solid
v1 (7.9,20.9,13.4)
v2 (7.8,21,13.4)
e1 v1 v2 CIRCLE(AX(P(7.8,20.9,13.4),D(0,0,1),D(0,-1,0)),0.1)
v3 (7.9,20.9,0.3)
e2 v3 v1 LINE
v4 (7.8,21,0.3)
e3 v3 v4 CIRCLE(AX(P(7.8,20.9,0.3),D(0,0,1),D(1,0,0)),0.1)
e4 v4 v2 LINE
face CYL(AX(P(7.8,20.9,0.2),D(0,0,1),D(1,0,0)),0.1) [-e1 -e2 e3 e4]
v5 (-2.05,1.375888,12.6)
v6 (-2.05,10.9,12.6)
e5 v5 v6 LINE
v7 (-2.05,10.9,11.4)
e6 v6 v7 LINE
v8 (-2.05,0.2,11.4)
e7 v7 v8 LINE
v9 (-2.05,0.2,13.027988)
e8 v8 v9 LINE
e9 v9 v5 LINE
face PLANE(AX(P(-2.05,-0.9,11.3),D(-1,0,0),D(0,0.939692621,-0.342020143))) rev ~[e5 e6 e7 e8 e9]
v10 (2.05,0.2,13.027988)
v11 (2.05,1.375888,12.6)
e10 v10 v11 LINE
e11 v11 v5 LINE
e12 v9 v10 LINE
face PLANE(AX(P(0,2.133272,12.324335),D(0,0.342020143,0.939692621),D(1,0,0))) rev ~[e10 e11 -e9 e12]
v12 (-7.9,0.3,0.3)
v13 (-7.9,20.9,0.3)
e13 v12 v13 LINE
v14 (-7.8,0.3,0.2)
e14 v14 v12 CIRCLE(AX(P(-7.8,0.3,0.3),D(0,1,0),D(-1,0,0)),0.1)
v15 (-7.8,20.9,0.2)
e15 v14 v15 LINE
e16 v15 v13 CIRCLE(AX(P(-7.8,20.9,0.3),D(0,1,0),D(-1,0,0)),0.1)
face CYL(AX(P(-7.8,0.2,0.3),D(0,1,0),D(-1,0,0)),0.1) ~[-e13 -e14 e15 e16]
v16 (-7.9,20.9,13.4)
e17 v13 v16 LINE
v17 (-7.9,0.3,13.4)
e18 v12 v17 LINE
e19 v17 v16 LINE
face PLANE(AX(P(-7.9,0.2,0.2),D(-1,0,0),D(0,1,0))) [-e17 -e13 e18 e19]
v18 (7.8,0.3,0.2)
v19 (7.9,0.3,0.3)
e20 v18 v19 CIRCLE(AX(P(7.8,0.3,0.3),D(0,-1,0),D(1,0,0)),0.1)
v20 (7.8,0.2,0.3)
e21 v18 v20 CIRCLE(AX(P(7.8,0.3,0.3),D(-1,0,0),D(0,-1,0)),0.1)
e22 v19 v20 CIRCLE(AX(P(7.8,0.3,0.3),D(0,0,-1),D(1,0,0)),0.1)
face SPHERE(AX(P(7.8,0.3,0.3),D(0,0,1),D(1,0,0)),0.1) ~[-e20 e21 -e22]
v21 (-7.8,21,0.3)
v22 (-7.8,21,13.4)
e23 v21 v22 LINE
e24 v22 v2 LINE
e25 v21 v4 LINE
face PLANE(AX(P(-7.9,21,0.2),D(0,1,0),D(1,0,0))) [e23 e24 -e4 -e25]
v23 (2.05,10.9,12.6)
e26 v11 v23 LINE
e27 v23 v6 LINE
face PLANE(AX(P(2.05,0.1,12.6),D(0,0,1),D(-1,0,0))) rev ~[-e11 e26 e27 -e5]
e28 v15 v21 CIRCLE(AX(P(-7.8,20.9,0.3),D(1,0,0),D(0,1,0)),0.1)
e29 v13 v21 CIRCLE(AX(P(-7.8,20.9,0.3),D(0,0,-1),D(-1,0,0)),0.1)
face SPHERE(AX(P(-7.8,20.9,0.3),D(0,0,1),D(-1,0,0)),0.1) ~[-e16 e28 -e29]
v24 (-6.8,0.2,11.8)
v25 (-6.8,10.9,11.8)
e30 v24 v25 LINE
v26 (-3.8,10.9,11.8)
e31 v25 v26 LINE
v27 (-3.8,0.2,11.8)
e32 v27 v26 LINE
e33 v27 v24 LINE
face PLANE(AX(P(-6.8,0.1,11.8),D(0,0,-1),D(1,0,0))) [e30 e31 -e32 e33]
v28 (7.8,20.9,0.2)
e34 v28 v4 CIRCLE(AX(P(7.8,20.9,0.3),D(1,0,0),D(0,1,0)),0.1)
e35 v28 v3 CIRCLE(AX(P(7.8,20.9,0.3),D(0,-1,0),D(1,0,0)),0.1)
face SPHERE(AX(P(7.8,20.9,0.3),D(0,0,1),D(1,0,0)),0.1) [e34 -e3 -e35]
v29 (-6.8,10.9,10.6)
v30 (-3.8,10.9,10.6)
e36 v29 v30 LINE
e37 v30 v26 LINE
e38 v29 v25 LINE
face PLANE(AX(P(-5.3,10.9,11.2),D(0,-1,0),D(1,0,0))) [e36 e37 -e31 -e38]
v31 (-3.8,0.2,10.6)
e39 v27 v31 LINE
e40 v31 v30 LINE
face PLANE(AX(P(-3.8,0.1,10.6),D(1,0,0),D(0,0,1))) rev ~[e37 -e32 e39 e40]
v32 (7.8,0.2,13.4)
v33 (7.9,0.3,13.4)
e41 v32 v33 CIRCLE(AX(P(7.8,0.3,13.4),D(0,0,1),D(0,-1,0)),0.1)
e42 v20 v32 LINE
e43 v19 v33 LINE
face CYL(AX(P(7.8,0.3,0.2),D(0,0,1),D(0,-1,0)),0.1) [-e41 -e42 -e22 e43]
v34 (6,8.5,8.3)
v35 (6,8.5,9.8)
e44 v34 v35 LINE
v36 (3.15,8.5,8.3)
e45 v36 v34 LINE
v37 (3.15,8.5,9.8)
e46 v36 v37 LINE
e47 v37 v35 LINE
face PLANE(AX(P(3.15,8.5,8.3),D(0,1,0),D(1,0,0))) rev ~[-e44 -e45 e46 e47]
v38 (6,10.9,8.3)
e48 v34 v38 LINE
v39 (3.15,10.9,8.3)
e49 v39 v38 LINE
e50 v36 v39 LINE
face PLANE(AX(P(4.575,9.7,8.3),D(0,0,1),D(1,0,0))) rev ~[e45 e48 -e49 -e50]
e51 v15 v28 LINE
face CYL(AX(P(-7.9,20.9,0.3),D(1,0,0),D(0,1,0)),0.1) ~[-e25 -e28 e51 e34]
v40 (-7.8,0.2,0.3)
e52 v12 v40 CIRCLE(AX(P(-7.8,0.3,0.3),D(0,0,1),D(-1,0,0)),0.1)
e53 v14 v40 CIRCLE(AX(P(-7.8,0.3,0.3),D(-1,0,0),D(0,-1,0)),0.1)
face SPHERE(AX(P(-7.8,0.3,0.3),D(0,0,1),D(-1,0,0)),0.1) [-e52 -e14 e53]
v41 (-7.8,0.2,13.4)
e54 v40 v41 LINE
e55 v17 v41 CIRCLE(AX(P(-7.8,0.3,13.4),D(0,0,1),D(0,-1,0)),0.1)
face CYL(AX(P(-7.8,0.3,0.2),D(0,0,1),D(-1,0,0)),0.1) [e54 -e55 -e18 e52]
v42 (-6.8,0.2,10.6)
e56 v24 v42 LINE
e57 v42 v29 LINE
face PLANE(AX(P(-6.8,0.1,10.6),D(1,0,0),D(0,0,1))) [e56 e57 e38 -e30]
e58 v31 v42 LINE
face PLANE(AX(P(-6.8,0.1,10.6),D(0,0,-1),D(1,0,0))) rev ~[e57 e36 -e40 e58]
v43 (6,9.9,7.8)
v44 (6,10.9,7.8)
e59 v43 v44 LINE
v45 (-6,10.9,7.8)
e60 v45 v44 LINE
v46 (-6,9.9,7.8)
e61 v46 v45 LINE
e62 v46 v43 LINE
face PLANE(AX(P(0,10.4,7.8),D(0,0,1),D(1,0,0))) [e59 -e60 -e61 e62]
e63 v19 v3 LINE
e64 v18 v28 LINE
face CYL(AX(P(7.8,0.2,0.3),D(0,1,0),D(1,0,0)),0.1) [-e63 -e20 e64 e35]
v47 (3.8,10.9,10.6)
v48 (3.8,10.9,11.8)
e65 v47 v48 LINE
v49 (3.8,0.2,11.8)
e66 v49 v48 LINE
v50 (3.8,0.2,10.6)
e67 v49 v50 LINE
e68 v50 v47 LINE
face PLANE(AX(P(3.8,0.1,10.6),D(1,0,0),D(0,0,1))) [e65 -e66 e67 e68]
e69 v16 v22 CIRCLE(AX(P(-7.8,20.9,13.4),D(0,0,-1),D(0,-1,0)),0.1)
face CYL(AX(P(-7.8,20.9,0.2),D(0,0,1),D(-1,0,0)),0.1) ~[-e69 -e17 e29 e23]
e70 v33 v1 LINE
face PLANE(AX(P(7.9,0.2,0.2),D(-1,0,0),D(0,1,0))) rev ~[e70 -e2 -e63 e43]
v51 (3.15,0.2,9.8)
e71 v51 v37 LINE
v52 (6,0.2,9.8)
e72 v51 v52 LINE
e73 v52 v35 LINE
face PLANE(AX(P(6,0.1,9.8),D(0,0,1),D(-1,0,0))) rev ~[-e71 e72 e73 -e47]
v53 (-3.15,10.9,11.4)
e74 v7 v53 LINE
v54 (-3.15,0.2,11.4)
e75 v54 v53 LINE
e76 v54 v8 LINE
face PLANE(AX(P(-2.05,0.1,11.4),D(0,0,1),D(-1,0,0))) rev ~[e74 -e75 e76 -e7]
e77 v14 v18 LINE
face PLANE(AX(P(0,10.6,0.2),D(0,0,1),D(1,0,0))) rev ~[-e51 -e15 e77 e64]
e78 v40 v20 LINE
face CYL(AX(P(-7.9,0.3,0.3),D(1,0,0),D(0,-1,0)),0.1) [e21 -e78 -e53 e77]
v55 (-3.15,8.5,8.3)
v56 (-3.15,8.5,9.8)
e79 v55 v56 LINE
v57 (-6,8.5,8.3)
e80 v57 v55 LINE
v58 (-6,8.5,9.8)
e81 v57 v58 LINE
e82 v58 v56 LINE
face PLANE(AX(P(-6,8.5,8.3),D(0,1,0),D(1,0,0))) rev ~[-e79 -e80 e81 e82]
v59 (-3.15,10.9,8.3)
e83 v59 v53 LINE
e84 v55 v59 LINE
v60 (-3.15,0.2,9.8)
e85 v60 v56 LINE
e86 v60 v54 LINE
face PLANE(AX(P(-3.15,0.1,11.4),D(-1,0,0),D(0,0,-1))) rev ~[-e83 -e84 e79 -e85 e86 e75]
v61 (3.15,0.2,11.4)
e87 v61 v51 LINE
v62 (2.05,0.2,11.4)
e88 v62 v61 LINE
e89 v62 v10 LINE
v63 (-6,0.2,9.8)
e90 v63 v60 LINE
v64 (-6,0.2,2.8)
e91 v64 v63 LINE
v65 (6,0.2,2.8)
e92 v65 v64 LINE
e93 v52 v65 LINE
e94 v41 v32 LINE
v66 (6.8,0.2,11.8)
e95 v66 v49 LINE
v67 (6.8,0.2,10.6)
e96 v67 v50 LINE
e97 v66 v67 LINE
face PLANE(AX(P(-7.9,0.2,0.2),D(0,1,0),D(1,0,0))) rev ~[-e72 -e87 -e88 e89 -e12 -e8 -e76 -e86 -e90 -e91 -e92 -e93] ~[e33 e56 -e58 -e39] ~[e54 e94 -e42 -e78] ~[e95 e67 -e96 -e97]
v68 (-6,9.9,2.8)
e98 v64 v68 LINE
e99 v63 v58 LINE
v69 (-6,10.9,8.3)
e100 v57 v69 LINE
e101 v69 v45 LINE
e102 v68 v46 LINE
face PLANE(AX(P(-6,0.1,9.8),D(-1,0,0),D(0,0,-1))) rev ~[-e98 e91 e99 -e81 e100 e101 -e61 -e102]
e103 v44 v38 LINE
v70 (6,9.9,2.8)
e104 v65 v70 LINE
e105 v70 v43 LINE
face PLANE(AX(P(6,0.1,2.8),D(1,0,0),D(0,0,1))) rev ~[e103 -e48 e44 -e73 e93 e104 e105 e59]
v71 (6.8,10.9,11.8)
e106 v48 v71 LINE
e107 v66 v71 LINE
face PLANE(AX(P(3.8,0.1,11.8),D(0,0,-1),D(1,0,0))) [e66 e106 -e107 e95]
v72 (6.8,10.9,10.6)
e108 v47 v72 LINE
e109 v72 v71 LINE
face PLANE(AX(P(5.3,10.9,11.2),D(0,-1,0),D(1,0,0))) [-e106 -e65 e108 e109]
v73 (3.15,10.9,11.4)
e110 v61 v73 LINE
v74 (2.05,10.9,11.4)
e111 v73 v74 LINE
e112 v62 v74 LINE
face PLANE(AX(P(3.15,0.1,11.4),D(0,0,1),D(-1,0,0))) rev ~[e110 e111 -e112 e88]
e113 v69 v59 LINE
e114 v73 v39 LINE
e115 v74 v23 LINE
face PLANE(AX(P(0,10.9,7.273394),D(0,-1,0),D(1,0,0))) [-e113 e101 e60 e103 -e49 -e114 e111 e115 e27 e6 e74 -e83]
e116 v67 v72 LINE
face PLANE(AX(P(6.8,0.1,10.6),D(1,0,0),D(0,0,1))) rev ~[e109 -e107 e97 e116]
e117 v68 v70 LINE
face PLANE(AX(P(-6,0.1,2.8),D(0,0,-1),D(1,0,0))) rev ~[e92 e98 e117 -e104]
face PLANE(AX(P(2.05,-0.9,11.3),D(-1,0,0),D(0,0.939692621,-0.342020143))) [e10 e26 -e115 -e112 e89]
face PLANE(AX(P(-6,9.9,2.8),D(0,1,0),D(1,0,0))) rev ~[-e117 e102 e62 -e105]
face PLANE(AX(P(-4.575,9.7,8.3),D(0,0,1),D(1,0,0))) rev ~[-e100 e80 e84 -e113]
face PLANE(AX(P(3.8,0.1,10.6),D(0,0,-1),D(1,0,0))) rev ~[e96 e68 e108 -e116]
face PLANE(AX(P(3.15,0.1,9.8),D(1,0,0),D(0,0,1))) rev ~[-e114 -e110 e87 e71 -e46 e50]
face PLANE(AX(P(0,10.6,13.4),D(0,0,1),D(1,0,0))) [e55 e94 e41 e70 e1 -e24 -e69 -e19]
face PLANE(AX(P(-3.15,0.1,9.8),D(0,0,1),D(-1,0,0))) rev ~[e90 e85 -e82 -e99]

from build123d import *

# Parameters (mm, degrees)
BOX038_W               = 4.1
BOX038_H               = 5
BOX038_DEPTH           = 2
BOX038_PLACEMENT_ANGLE = 20
BOX037_W               = 2.85
BOX037_H               = 2.4
BOX037_DEPTH           = 1.5
BOX036_W               = 12
BOX036_H               = 1
BOX036_DEPTH           = 5
SKETCH035_W            = 3
SKETCH035_H            = 1.2
EXTRUDE005_DEPTH       = 10.8
BOX007_W               = 15.8
BOX007_H               = 20.8
BOX007_DEPTH           = 13.2
FILLET008_R            = 0.1


with BuildPart() as cube017:
    # Box038 → Box038 (new body)
    with BuildSketch(Plane.XY):
        with Locations((2.05, 2.5)):
            Rectangle(BOX038_W, BOX038_H)
    extrude(amount=BOX038_DEPTH)


with BuildPart() as cube017_1:
    # Box038 placement: moved
    add(cube017.part.moved(Location((-2.05, -1, 11.2))).rotate(Axis((-2.05, -1, 11.2), (-1, 0, 0)), BOX038_PLACEMENT_ANGLE))


with BuildPart() as cube016:
    # Box037 → Box037 (new body)
    with BuildSketch(Plane(origin=(3.15, 8.4, 8.2), x_dir=(1, 0, 0), z_dir=(0, 0, 1))):
        with Locations((1.425, 1.2)):
            Rectangle(BOX037_W, BOX037_H)
    extrude(amount=BOX037_DEPTH)


with BuildPart() as cube041:
    # Clone base: copy of Cube016
    add(cube016.part)


with BuildPart() as cube041_1:
    # Clone placement: moved
    add(cube041.part.moved(Location((-9.15, 0, 0))))


with BuildPart() as fusion024:
    # Box036 → Box036 (new body)
    with BuildSketch(Plane(origin=(-6, 9.8, 2.7), x_dir=(1, 0, 0), z_dir=(0, 0, 1))):
        with Locations((6, 0.5)):
            Rectangle(BOX036_W, BOX036_H)
    extrude(amount=BOX036_DEPTH)

    # Fusion024: union Cube016, Cube041
    add(cube016.part)
    add(cube041_1.part)


with BuildPart() as fusion025:
    # Sketch035 → Extrude005 (new body)
    with BuildSketch(Plane.XZ):
        Polygon((-6, 9.7), (-6, 2.7), (6, 2.7), (6, 9.7), (3.15, 9.7), (3.15, 11.3), (2.05, 11.3), (2.05, 12.5), (-2.05, 12.5), (-2.05, 11.3), (-3.15, 11.3), (-3.15, 9.7), align=None)
        with Locations((-5.3, 11.1)):
            Rectangle(SKETCH035_W, SKETCH035_H)
        with Locations((5.3, 11.1)):
            Rectangle(SKETCH035_W, SKETCH035_H)
    extrude(amount=-EXTRUDE005_DEPTH)

    # Cut001: cut Fusion024
    add(fusion024.part, mode=Mode.SUBTRACT)

    # Fusion025: union Cube017
    add(cube017_1.part)


with BuildPart() as fusion025_1:
    # Fusion025 placement: moved
    add(fusion025.part.moved(Location((0, 0.1, 0.1))))


with BuildPart() as body009:
    # Box007 → Box007 (new body)
    with BuildSketch(Plane(origin=(-7.9, 0.2, 0.2), x_dir=(1, 0, 0), z_dir=(0, 0, 1))):
        with Locations((7.9, 10.4)):
            Rectangle(BOX007_W, BOX007_H)
    extrude(amount=BOX007_DEPTH)

    # Fillet008
    fillet008_edges = [body009.edges().sort_by_distance(p)[0] for p in [
        (-7.9, 0.2, 6.8),
        (-7.9, 21, 6.8),
        (-7.9, 10.6, 0.2),
        (7.9, 0.2, 6.8),
        (7.9, 21, 6.8),
        (7.9, 10.6, 0.2),
        (0, 0.2, 0.2),
        (0, 21, 0.2),
    ]]
    fillet(fillet008_edges, radius=FILLET008_R)

    # Cut008: cut Fusion025
    add(fusion025_1.part, mode=Mode.SUBTRACT)


solid = body009.part
